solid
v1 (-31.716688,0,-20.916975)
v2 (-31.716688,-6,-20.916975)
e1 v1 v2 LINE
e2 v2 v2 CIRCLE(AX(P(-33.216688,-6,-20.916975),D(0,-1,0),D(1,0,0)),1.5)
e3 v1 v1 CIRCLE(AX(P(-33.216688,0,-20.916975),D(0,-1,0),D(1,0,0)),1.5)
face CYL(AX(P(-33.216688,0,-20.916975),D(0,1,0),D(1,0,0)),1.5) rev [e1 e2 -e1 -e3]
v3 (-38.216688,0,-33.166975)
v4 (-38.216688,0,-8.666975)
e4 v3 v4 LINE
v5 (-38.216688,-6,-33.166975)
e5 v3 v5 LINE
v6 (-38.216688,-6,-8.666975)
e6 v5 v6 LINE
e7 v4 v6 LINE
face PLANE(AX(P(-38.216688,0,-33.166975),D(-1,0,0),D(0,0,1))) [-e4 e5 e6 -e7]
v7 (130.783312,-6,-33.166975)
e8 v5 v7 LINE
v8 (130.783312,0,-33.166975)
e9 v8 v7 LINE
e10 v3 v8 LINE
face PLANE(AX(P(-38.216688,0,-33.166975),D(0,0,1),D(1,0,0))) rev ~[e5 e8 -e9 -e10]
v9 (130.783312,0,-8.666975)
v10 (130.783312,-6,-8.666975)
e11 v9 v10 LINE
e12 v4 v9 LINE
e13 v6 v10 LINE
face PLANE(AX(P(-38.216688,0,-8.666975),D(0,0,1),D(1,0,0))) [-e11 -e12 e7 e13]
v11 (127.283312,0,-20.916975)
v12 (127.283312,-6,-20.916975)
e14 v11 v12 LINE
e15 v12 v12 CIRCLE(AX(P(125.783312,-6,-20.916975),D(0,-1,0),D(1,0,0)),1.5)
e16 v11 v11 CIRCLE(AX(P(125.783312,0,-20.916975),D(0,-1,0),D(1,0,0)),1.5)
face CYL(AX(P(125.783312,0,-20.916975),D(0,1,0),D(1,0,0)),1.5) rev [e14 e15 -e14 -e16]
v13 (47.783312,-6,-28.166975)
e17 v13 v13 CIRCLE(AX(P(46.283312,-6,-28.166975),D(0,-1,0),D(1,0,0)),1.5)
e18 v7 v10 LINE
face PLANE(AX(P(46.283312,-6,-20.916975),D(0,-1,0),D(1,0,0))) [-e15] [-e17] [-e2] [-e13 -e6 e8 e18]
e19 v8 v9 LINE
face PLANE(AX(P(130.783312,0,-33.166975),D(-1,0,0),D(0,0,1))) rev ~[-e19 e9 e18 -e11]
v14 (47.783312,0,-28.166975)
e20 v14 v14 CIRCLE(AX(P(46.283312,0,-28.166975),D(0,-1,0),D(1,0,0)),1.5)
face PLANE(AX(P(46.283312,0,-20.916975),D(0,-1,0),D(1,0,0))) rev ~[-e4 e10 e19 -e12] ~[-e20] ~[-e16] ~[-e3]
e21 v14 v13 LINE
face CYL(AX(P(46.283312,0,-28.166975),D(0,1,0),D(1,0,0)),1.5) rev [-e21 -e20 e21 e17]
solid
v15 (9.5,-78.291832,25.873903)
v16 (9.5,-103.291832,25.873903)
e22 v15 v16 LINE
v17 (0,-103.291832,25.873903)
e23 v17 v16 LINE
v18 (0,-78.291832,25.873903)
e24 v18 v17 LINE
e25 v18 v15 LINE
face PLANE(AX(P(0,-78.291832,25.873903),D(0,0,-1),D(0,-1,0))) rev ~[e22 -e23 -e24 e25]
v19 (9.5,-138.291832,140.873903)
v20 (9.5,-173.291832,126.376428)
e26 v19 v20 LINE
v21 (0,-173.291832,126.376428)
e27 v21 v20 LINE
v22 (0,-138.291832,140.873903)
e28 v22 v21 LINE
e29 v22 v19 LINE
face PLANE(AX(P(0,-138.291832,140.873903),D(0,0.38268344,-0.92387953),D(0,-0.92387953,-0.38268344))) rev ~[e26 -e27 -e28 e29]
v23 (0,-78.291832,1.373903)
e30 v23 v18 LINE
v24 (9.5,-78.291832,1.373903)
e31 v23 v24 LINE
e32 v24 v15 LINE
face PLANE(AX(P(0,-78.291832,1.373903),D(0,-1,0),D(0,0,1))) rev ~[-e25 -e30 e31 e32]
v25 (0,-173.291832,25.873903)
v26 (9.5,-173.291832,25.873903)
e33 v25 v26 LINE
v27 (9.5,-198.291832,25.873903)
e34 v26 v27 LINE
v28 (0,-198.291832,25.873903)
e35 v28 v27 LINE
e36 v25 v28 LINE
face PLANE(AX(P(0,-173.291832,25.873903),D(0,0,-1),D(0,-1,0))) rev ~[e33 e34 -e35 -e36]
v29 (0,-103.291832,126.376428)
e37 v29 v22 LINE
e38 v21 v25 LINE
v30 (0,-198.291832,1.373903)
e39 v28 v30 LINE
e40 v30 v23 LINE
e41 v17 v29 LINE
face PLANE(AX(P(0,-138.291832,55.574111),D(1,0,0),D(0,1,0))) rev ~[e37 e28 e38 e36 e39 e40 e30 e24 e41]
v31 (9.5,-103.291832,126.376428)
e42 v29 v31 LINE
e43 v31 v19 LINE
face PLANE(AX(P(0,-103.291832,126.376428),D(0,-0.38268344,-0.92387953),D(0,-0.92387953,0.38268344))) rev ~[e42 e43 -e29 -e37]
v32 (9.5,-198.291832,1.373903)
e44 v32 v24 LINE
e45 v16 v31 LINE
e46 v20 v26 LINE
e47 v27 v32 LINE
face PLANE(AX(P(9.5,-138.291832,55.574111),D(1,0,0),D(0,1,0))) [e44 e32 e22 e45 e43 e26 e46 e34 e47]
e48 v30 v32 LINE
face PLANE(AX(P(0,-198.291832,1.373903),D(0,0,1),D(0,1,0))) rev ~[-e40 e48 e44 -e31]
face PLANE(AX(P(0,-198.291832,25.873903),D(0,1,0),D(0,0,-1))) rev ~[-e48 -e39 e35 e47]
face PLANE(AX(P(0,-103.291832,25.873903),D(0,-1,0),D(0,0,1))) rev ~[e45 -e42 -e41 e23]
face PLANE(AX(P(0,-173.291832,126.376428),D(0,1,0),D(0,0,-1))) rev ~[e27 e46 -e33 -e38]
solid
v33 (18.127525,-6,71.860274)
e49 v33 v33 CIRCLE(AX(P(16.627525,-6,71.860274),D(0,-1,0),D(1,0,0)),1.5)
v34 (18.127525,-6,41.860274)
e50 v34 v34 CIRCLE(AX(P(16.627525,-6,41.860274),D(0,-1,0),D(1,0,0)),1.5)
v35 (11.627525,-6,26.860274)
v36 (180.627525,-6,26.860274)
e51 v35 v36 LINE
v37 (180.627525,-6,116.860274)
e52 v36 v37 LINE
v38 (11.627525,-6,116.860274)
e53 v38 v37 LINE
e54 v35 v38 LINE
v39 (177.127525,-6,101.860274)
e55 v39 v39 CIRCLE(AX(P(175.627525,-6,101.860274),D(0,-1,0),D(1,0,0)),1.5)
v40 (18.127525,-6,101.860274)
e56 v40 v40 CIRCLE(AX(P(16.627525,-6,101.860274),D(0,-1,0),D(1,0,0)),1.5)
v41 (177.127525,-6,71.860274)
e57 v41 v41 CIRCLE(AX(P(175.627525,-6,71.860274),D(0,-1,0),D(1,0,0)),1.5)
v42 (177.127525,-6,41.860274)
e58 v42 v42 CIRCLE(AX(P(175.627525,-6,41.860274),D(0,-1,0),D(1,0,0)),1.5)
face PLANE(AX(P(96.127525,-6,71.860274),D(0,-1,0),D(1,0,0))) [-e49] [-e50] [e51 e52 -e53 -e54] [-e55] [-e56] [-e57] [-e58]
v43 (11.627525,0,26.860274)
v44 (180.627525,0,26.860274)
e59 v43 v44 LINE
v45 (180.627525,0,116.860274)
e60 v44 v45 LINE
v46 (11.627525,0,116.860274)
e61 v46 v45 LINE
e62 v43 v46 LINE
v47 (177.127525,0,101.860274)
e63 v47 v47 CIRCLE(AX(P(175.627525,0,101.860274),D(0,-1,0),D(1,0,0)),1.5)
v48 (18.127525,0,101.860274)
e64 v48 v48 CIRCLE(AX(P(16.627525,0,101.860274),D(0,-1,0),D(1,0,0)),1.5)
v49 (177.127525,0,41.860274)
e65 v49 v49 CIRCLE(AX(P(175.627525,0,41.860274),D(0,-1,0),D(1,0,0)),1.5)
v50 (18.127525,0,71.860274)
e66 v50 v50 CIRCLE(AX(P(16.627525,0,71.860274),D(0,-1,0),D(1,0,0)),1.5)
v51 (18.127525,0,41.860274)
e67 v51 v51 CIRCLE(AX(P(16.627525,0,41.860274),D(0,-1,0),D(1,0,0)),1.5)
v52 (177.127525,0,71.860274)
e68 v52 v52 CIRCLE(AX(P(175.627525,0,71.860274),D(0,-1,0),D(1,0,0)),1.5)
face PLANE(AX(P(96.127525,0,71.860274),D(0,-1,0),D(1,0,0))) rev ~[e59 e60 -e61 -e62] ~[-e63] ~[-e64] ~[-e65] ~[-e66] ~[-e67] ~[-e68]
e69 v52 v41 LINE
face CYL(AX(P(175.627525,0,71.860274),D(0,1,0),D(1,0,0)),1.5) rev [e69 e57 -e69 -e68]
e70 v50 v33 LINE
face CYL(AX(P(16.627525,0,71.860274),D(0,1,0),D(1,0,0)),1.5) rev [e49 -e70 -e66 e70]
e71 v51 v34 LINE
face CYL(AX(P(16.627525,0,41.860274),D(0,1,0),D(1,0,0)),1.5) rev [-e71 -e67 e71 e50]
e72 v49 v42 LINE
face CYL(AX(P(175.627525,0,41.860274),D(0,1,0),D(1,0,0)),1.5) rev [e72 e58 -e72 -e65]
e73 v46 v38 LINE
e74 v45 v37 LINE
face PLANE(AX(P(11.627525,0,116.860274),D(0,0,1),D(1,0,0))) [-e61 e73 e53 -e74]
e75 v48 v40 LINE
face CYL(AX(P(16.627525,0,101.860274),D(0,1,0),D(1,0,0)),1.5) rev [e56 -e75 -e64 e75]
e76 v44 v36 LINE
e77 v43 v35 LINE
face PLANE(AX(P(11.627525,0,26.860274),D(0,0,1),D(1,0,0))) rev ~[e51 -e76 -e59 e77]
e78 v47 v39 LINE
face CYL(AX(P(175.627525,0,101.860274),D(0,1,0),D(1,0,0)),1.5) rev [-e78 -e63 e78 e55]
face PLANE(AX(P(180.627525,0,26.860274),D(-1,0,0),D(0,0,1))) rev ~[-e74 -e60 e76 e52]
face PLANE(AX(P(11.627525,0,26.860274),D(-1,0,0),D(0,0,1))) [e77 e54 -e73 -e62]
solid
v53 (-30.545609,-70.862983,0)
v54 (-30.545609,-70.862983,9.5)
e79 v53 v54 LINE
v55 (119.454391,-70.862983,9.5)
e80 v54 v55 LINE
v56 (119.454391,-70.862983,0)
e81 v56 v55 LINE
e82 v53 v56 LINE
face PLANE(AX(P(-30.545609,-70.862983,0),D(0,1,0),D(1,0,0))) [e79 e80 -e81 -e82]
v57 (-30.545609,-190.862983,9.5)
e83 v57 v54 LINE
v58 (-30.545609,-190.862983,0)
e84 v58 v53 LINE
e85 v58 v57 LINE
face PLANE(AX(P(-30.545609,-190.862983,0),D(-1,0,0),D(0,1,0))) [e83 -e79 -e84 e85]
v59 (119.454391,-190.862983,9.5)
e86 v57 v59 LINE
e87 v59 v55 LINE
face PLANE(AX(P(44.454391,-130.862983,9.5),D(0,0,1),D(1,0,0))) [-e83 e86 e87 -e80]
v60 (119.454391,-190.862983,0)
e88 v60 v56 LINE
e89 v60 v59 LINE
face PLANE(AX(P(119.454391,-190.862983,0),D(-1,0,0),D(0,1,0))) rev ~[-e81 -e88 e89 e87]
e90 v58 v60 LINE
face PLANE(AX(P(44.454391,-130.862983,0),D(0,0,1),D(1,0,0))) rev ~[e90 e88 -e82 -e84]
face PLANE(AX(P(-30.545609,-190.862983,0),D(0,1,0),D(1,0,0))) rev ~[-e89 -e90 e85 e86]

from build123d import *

# Parameters (mm, degrees)
F0_W     = 150
F0_H     = 120
F1_DEPTH = 9.5
F3_DEPTH = 9.5
F4_W     = 169
F4_H     = 90
F4_R     = 1.5
F5_DEPTH = 6
F6_W     = 169
F6_H     = 24.5
F6_R     = 1.5
F7_DEPTH = 6


with BuildPart() as f1:
    # F0 (on Top) → F1 (new body)
    with BuildSketch(Plane.XY):
        with Locations((44.454391, -130.862983)):
            Rectangle(F0_W, F0_H)
    extrude(amount=F1_DEPTH)


with BuildPart() as f3:
    # F2 (on Right) → F3 (new body)
    with BuildSketch(Plane.YZ):
        Polygon((-173.291832, 1.373903), (-103.291832, 1.373903), (-78.291832, 1.373903), (-78.291832, 25.873903), (-103.291832, 25.873903), (-103.291832, 126.376428), (-138.291832, 140.873903), (-173.291832, 126.376428), (-173.291832, 25.873903), (-198.291832, 25.873903), (-198.291832, 1.373903), align=None)
    extrude(amount=F3_DEPTH)


with BuildPart() as f5:
    # F4 (on Front) → F5 (new body)
    with BuildSketch(Plane.XZ):
        with Locations((96.127525, 71.860274)):
            Rectangle(F4_W, F4_H)
        with Locations((16.627525, 41.860274)):
            Circle(F4_R, mode=Mode.SUBTRACT)
        with Locations((175.627525, 41.860274)):
            Circle(F4_R, mode=Mode.SUBTRACT)
        with Locations((16.627525, 71.860274)):
            Circle(F4_R, mode=Mode.SUBTRACT)
        with Locations((16.627525, 101.860274)):
            Circle(F4_R, mode=Mode.SUBTRACT)
        with Locations((175.627525, 71.860274)):
            Circle(F4_R, mode=Mode.SUBTRACT)
        with Locations((175.627525, 101.860274)):
            Circle(F4_R, mode=Mode.SUBTRACT)
    extrude(amount=F5_DEPTH)


with BuildPart() as f7:
    # F6 (on Front) → F7 (new body)
    with BuildSketch(Plane.XZ):
        with Locations((46.283312, -20.916975)):
            Rectangle(F6_W, F6_H)
        with Locations((-33.216688, -20.916975)):
            Circle(F6_R, mode=Mode.SUBTRACT)
        with Locations((46.283312, -28.166975)):
            Circle(F6_R, mode=Mode.SUBTRACT)
        with Locations((125.783312, -20.916975)):
            Circle(F6_R, mode=Mode.SUBTRACT)
    extrude(amount=F7_DEPTH)


solid = Compound([f1.part, f3.part, f5.part, f7.part])
